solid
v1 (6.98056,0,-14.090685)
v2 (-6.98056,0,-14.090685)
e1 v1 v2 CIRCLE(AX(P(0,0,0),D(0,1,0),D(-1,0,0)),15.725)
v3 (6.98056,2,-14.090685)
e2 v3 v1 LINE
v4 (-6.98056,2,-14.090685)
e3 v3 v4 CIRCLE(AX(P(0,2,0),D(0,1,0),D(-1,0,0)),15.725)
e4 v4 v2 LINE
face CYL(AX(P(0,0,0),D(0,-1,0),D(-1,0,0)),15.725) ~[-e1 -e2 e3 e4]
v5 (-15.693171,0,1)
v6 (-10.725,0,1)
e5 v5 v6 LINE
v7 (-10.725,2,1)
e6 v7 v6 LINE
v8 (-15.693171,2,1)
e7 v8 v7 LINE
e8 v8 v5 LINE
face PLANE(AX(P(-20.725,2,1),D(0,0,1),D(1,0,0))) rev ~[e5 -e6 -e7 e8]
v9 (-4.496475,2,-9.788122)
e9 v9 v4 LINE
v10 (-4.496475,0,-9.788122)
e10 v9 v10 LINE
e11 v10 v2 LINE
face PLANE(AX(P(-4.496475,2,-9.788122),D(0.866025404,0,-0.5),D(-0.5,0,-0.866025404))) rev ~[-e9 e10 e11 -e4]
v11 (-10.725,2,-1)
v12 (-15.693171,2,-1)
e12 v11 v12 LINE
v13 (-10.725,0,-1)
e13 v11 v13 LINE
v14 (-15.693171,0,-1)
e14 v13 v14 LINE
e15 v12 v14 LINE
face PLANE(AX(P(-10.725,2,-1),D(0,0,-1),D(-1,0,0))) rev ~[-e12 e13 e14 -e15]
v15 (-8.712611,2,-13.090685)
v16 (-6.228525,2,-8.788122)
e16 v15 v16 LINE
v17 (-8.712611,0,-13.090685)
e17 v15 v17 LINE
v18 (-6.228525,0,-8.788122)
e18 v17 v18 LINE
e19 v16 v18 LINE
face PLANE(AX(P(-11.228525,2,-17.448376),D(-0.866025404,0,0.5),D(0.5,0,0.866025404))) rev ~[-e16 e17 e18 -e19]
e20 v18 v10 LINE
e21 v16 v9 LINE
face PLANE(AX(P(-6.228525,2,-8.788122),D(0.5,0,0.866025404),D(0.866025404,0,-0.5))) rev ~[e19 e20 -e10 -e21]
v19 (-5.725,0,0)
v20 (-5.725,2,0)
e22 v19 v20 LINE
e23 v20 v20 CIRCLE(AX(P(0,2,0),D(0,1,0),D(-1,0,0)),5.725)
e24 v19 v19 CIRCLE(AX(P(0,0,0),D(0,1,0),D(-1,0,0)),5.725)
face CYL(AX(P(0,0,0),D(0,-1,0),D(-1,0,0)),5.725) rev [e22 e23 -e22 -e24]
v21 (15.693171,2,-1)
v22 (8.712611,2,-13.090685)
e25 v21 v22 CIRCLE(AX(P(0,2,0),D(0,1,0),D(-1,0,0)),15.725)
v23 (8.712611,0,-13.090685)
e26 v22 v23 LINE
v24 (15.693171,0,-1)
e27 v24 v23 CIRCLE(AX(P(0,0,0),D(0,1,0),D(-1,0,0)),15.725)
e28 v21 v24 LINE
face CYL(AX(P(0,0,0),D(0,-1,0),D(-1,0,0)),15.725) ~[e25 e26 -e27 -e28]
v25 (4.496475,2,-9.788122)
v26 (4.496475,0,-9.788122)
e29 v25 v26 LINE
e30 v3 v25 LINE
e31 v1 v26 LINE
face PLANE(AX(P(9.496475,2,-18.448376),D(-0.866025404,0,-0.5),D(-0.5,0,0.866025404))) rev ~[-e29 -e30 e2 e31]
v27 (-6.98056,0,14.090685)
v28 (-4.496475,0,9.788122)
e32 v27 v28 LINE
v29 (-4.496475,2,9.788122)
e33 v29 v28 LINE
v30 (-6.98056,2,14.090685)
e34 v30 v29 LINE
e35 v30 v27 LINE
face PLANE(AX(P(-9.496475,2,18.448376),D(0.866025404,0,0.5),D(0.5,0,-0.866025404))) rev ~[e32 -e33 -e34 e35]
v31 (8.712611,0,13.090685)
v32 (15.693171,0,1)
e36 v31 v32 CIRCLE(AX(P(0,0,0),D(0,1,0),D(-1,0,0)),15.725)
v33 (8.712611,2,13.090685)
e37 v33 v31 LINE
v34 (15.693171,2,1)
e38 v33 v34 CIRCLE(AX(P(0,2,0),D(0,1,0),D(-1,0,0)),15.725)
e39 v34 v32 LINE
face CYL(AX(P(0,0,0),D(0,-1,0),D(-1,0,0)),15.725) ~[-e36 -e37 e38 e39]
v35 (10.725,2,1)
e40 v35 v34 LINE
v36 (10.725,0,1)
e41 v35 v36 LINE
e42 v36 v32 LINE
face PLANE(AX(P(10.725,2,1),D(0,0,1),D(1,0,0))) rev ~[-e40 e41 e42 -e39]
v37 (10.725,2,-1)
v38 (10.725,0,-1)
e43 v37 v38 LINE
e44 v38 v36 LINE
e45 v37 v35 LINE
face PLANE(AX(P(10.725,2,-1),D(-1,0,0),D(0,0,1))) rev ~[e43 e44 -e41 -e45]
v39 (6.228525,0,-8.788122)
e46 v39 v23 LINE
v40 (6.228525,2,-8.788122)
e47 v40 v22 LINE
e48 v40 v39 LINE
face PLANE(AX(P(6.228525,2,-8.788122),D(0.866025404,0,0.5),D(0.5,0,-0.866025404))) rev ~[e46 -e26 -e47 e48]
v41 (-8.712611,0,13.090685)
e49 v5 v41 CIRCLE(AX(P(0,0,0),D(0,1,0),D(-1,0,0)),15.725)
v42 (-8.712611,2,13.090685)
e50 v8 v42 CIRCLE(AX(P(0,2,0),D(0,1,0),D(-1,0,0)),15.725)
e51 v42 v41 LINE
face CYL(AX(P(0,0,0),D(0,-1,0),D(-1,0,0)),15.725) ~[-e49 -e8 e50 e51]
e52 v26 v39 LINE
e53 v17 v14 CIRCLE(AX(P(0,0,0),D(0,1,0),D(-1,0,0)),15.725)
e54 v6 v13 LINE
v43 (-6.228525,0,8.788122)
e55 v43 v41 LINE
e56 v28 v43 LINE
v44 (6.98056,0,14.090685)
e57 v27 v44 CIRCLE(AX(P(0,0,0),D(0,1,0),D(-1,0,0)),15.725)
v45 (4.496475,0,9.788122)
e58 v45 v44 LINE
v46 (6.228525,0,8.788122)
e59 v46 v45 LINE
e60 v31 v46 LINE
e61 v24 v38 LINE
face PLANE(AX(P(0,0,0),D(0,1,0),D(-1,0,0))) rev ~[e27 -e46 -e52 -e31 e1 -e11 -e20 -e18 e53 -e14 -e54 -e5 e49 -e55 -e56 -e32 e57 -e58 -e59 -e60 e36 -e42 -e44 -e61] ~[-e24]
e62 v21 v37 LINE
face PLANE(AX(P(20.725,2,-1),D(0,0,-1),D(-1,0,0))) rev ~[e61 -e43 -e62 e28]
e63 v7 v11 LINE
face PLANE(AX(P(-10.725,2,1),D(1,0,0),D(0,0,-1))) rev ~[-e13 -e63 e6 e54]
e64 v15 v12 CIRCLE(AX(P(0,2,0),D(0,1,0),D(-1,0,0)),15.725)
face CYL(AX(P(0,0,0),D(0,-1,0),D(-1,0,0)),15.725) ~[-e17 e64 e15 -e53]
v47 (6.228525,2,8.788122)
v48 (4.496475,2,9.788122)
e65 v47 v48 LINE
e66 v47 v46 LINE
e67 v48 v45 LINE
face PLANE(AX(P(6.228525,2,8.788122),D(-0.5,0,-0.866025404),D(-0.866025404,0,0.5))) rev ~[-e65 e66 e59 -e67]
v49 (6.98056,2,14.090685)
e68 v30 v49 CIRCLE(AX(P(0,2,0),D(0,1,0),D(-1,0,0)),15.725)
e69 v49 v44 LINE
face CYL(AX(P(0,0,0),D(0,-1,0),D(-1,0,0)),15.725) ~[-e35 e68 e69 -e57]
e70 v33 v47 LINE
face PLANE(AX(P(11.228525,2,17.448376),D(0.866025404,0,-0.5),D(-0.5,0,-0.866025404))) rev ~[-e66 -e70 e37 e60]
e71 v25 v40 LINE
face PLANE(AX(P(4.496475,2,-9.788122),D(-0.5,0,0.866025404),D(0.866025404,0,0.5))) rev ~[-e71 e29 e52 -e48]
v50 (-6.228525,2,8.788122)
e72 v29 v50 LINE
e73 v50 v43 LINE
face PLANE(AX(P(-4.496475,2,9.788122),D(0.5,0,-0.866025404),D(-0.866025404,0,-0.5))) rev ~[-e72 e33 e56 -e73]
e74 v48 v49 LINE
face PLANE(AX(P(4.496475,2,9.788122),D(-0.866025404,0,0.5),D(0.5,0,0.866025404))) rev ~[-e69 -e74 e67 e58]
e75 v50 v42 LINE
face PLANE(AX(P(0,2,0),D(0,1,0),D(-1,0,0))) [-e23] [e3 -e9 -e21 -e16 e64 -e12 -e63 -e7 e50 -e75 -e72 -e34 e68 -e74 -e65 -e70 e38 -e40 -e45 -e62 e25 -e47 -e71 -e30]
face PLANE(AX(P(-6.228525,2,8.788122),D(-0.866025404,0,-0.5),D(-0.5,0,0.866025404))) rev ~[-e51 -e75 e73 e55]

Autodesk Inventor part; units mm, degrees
ref_plane "YZ Plane" through (0, 0, 0) normal (1, 0, 0) x (0, 1, 0)
ref_plane "XZ Plane" through (0, 0, 0) normal (0, 1, 0) x (-1, 0, 0)
ref_plane "XY Plane" through (0, 0, 0) normal (0, 0, 1) x (1, 0, 0)
sketch "Sketch1" plane through (0, 0, 0) normal (0, 1, 0) x (-1, 0, 0)
  circle A0 centre (0, 0) radius 15.725
  circle A1 centre (0, 0) radius 5.725
  dimension "d0" = 31.45
  dimension "d1" = 11.45
extrude "Extrusion1" add sketch "Sketch1" along normal blind 2
sketch "Sketch2" plane through (0, 2, 0) normal (0, 1, 0) x (1, 0, 0)
  line L0 (-20.725, -1) -> (-10.725, -1)
  line L1 (-10.725, -1) -> (-10.725, 1)
  line L2 (-10.725, 1) -> (-20.725, 1)
  line L3 (-20.725, 1) -> (-20.725, -1)
  point P0 (0, 0)
  dimension "d4" = 1
  dimension "d5" = 2
  dimension "d6" = 10
  dimension "d7" = 10.725
extrude "Extrusion2" cut sketch "Sketch2" against normal blind 2
pattern_circular "Circular Pattern1" count 6 over 360 about axis through (0, -10, 0) along (0, 1, 0) of "Extrusion2"
properties part number "Ring_n8"
